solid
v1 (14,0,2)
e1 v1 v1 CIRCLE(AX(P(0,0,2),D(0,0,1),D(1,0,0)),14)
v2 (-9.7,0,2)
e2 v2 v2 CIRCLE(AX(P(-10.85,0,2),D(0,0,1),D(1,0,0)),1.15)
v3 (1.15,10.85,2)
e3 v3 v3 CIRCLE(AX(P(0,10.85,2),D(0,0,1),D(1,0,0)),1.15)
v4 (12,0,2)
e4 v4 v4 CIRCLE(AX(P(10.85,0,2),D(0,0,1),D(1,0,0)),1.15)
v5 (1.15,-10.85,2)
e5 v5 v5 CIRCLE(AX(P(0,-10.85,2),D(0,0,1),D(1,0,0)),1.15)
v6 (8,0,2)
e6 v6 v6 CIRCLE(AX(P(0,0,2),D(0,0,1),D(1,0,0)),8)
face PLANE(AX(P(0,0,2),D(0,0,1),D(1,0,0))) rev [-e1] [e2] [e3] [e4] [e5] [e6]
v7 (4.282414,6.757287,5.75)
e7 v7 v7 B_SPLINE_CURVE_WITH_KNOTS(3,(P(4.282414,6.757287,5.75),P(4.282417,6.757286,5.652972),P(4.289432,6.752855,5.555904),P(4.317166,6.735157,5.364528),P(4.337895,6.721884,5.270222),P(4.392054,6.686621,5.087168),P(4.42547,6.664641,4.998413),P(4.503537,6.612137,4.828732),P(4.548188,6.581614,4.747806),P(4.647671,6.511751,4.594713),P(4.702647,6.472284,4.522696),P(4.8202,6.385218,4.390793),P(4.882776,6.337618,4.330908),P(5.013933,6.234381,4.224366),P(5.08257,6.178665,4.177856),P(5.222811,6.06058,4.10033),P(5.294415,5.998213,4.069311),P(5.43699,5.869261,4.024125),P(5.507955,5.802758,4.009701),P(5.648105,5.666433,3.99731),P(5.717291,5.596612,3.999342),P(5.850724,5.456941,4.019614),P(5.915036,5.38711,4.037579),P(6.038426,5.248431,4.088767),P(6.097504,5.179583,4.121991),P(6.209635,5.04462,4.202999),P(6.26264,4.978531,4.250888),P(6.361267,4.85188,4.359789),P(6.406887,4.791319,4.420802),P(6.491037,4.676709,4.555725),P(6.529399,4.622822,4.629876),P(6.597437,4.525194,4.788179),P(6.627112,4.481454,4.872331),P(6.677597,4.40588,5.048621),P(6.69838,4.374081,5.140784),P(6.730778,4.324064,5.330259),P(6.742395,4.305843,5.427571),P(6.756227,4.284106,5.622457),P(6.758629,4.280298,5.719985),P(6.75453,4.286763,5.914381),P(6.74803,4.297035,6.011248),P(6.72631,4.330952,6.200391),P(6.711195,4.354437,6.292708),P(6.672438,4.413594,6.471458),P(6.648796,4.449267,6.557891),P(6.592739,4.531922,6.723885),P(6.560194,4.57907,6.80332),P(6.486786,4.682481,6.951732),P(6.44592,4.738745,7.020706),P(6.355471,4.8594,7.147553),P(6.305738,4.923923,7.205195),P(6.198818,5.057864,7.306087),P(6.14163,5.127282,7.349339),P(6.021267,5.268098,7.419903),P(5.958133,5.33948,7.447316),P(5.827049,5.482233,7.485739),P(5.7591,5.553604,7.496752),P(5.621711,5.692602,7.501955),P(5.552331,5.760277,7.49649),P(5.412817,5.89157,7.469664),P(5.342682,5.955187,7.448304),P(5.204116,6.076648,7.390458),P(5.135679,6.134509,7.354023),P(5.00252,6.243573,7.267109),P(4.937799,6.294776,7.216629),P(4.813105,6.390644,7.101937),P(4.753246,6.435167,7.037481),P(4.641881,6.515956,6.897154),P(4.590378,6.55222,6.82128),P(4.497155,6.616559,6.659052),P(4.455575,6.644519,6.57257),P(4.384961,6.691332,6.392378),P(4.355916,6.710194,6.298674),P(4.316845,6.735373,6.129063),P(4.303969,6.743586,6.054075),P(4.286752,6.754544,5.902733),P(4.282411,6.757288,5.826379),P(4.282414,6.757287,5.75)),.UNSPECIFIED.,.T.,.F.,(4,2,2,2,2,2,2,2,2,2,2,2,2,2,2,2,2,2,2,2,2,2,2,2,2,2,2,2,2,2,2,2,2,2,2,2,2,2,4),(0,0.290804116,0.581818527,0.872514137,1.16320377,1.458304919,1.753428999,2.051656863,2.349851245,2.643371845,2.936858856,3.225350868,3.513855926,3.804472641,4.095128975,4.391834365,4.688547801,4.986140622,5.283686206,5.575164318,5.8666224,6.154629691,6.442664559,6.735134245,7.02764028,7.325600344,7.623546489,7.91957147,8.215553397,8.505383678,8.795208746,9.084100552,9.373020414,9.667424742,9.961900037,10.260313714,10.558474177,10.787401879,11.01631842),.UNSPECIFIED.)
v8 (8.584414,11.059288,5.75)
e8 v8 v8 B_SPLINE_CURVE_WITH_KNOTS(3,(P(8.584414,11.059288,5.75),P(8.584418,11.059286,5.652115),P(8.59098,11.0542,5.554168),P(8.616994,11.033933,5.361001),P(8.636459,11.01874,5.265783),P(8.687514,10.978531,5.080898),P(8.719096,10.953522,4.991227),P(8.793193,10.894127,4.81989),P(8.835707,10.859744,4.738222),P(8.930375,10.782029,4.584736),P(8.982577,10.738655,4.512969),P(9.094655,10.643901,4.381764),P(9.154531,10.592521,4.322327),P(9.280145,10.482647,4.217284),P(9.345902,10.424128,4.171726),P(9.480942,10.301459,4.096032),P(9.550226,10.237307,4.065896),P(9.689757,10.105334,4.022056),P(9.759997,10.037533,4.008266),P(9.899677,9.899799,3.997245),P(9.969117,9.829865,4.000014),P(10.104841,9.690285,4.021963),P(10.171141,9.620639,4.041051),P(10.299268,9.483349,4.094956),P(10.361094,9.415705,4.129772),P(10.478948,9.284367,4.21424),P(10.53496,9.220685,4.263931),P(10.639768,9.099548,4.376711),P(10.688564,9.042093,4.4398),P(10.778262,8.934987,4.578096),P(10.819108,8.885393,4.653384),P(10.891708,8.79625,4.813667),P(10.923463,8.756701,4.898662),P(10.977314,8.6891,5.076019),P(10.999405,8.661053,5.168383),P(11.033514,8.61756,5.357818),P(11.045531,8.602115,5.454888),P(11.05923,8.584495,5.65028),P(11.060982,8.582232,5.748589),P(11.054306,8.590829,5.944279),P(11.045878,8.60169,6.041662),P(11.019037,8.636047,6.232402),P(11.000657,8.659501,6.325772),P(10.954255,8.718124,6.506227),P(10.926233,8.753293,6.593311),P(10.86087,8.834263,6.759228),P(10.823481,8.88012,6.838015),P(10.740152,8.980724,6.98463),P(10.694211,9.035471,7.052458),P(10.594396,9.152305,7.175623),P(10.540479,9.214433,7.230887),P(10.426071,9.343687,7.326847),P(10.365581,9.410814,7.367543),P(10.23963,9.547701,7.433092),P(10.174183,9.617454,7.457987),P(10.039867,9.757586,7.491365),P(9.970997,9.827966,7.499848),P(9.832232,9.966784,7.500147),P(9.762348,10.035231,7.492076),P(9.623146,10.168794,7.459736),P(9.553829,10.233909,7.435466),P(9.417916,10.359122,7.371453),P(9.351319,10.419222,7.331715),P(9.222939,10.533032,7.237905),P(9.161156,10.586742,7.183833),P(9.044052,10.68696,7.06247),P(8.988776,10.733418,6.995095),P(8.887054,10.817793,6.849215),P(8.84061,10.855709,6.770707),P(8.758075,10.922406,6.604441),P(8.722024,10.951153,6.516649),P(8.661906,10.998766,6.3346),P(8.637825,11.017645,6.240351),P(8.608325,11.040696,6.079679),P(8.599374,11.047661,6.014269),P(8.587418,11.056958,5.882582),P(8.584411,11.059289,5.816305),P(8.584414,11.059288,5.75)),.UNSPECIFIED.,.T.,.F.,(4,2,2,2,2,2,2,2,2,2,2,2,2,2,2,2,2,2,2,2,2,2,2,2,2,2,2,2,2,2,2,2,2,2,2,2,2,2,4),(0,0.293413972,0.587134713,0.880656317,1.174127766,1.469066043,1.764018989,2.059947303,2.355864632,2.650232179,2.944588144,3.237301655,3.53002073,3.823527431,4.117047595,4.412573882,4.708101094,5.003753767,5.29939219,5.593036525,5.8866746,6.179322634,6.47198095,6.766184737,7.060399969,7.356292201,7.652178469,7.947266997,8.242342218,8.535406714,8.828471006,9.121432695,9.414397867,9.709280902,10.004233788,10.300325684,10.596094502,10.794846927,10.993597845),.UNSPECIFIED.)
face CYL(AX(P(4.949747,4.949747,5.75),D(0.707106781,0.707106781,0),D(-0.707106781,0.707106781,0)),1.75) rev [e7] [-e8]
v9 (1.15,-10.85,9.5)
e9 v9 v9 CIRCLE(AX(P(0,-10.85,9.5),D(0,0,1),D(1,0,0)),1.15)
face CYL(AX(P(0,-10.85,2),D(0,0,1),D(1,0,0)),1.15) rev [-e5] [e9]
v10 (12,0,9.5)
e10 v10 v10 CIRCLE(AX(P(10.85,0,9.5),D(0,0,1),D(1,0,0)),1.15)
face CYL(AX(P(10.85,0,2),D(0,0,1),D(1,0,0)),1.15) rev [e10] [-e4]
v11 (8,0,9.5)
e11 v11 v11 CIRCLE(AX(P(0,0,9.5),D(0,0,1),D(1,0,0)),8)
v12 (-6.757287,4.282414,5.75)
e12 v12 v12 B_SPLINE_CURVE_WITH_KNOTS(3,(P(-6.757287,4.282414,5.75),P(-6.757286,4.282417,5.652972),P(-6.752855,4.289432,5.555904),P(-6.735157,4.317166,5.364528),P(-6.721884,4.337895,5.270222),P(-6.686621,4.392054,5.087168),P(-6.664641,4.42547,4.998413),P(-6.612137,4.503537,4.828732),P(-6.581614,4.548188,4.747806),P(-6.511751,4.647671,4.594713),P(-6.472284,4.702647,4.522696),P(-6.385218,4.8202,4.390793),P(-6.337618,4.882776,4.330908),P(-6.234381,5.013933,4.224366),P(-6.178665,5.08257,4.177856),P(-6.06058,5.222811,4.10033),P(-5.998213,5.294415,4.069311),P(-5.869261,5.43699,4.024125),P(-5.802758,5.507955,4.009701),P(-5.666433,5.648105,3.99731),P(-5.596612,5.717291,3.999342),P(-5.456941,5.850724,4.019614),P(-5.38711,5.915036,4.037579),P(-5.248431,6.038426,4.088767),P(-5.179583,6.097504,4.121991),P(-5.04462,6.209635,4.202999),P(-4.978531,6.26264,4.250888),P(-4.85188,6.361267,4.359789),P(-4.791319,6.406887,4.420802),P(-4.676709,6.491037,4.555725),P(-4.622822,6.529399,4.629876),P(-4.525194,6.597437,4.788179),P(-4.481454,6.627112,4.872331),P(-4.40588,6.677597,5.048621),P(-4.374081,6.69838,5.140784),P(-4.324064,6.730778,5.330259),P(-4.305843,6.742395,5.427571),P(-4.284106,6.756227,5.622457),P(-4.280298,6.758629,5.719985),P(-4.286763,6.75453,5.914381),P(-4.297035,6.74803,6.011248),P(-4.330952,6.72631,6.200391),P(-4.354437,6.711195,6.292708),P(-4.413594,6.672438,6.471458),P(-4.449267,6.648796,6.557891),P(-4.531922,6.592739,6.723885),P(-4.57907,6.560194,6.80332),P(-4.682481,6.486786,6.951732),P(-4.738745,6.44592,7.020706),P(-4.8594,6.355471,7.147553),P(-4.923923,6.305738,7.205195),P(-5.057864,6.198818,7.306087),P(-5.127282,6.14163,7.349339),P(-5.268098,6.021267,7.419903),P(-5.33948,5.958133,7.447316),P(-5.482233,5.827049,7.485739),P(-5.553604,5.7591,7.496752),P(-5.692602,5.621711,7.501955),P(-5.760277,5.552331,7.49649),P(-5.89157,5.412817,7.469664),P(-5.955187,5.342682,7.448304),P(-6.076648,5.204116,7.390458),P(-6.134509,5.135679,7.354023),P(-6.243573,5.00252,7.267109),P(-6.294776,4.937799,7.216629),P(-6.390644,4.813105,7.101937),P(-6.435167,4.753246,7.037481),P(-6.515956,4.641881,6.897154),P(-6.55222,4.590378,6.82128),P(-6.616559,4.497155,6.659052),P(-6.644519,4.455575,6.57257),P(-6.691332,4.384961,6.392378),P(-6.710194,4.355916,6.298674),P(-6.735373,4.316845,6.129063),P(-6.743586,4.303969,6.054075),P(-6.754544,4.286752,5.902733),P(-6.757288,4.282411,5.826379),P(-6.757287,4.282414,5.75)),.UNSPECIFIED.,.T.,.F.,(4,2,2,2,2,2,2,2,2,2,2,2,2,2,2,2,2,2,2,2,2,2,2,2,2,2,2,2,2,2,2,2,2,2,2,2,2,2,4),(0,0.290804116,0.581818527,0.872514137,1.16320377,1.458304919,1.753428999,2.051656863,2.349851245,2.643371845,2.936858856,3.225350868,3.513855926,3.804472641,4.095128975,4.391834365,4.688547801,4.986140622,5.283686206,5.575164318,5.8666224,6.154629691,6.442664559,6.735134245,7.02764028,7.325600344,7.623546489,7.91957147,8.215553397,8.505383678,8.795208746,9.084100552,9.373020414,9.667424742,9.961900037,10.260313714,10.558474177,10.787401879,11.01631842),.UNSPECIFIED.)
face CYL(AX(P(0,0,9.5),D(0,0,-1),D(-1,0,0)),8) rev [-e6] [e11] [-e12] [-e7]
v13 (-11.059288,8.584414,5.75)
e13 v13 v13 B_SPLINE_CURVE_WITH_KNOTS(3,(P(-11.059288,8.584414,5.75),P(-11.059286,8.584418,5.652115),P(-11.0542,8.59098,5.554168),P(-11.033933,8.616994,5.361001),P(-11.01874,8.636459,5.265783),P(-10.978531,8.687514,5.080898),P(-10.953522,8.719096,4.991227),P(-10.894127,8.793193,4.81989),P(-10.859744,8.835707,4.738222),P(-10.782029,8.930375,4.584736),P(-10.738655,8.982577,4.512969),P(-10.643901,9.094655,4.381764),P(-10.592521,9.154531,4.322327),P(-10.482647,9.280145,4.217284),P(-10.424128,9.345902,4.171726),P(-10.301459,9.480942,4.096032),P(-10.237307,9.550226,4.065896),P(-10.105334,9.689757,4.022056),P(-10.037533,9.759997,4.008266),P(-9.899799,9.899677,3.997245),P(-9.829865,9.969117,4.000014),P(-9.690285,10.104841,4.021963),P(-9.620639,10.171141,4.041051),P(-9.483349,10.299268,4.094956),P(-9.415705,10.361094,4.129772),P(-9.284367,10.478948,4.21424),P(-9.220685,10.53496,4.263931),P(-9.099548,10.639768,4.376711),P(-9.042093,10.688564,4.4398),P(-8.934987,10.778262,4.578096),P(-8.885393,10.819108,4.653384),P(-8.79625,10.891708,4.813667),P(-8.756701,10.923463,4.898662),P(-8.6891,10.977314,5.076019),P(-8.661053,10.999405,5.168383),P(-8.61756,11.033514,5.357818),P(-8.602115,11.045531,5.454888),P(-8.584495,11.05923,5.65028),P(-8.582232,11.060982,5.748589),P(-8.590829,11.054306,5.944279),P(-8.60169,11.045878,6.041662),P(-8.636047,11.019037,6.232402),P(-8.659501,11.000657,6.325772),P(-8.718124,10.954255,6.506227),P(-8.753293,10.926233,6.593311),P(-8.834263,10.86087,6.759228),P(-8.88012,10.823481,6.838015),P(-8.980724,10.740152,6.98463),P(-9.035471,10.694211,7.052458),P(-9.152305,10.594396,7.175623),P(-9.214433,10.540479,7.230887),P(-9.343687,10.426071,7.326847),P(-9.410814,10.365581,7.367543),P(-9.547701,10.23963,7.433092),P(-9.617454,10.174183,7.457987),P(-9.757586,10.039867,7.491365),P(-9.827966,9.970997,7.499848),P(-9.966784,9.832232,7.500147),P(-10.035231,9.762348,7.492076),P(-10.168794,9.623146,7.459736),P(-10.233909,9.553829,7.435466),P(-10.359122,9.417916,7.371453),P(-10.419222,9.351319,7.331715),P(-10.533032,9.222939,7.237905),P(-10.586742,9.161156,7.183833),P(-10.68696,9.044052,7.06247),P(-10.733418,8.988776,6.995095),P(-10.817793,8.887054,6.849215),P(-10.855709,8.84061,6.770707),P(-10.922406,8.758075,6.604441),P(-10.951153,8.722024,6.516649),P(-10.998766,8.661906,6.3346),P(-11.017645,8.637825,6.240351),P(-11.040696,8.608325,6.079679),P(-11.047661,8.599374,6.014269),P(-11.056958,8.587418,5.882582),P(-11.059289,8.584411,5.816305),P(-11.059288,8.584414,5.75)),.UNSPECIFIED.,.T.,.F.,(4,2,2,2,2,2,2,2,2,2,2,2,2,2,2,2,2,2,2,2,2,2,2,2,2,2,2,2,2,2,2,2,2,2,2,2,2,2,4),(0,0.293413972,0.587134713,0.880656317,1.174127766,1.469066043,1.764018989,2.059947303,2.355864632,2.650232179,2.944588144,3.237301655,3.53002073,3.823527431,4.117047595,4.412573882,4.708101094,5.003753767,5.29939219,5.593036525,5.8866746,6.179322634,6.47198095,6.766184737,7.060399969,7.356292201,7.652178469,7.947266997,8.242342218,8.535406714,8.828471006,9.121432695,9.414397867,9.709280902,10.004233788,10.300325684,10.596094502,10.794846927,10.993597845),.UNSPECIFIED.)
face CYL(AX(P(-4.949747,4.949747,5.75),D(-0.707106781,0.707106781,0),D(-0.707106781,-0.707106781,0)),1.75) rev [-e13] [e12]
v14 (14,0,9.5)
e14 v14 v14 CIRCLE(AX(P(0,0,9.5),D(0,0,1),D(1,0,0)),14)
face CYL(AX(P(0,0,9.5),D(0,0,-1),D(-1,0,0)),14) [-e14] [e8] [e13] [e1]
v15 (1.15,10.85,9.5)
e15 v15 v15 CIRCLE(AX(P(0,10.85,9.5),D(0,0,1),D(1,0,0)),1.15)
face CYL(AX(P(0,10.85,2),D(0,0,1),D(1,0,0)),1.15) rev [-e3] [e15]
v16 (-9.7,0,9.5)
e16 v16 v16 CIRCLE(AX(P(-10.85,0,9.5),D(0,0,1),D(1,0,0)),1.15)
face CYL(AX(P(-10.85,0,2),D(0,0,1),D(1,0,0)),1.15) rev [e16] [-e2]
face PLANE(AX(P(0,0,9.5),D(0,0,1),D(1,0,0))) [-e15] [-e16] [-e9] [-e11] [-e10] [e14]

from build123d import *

# Parameters (mm, degrees)
SKETCH2_R           = 14
SKETCH2_R_2         = 8
BOSS_EXTRUDE2_DEPTH = 7.5
SKETCH5_R           = 1.15
CUT_EXTRUDE2_DEPTH  = 22.17191536
SKETCH7_R           = 1.75
CUT_EXTRUDE3_DEPTH  = 7
SKETCH9_R           = 1.75
CUT_EXTRUDE4_DEPTH  = 7


with BuildPart() as part:
    # Sketch2 → Boss-Extrude2 (new body)
    with BuildSketch(Plane.XY.offset(2)):
        Circle(SKETCH2_R)
        Circle(SKETCH2_R_2, mode=Mode.SUBTRACT)
    extrude(amount=BOSS_EXTRUDE2_DEPTH)

    # Sketch5 → Cut-Extrude2 (cut, through all)
    with BuildSketch(Plane.XY.offset(9.5)):
        with Locations((0, 10.85)):
            Circle(SKETCH5_R)
        with Locations((10.85, 0)):
            Circle(SKETCH5_R)
        with Locations((0, -10.85)):
            Circle(SKETCH5_R)
        with Locations((-10.85, 0)):
            Circle(SKETCH5_R)
    extrude(amount=-CUT_EXTRUDE2_DEPTH, mode=Mode.SUBTRACT)

    # Sketch7 → Cut-Extrude3 (cut)
    with BuildSketch(Plane(origin=(9.899494937, 9.899494937, 0), x_dir=(0.7071067811865489, -0.7071067811865461, 0), z_dir=(0.7071067811865461, 0.7071067811865489, 0))):
        with Locations((0, -5.75)):
            Circle(SKETCH7_R)
    extrude(amount=-CUT_EXTRUDE3_DEPTH, mode=Mode.SUBTRACT)

    # Sketch9 → Cut-Extrude4 (cut)
    with BuildSketch(Plane(origin=(-9.899494937, 9.899494937, 0), x_dir=(0, 0, 1), z_dir=(-0.7071067811865489, 0.7071067811865462, 0))):
        with Locations((5.75, 0)):
            Circle(SKETCH9_R)
    extrude(amount=-CUT_EXTRUDE4_DEPTH, mode=Mode.SUBTRACT)


solid = part.part
